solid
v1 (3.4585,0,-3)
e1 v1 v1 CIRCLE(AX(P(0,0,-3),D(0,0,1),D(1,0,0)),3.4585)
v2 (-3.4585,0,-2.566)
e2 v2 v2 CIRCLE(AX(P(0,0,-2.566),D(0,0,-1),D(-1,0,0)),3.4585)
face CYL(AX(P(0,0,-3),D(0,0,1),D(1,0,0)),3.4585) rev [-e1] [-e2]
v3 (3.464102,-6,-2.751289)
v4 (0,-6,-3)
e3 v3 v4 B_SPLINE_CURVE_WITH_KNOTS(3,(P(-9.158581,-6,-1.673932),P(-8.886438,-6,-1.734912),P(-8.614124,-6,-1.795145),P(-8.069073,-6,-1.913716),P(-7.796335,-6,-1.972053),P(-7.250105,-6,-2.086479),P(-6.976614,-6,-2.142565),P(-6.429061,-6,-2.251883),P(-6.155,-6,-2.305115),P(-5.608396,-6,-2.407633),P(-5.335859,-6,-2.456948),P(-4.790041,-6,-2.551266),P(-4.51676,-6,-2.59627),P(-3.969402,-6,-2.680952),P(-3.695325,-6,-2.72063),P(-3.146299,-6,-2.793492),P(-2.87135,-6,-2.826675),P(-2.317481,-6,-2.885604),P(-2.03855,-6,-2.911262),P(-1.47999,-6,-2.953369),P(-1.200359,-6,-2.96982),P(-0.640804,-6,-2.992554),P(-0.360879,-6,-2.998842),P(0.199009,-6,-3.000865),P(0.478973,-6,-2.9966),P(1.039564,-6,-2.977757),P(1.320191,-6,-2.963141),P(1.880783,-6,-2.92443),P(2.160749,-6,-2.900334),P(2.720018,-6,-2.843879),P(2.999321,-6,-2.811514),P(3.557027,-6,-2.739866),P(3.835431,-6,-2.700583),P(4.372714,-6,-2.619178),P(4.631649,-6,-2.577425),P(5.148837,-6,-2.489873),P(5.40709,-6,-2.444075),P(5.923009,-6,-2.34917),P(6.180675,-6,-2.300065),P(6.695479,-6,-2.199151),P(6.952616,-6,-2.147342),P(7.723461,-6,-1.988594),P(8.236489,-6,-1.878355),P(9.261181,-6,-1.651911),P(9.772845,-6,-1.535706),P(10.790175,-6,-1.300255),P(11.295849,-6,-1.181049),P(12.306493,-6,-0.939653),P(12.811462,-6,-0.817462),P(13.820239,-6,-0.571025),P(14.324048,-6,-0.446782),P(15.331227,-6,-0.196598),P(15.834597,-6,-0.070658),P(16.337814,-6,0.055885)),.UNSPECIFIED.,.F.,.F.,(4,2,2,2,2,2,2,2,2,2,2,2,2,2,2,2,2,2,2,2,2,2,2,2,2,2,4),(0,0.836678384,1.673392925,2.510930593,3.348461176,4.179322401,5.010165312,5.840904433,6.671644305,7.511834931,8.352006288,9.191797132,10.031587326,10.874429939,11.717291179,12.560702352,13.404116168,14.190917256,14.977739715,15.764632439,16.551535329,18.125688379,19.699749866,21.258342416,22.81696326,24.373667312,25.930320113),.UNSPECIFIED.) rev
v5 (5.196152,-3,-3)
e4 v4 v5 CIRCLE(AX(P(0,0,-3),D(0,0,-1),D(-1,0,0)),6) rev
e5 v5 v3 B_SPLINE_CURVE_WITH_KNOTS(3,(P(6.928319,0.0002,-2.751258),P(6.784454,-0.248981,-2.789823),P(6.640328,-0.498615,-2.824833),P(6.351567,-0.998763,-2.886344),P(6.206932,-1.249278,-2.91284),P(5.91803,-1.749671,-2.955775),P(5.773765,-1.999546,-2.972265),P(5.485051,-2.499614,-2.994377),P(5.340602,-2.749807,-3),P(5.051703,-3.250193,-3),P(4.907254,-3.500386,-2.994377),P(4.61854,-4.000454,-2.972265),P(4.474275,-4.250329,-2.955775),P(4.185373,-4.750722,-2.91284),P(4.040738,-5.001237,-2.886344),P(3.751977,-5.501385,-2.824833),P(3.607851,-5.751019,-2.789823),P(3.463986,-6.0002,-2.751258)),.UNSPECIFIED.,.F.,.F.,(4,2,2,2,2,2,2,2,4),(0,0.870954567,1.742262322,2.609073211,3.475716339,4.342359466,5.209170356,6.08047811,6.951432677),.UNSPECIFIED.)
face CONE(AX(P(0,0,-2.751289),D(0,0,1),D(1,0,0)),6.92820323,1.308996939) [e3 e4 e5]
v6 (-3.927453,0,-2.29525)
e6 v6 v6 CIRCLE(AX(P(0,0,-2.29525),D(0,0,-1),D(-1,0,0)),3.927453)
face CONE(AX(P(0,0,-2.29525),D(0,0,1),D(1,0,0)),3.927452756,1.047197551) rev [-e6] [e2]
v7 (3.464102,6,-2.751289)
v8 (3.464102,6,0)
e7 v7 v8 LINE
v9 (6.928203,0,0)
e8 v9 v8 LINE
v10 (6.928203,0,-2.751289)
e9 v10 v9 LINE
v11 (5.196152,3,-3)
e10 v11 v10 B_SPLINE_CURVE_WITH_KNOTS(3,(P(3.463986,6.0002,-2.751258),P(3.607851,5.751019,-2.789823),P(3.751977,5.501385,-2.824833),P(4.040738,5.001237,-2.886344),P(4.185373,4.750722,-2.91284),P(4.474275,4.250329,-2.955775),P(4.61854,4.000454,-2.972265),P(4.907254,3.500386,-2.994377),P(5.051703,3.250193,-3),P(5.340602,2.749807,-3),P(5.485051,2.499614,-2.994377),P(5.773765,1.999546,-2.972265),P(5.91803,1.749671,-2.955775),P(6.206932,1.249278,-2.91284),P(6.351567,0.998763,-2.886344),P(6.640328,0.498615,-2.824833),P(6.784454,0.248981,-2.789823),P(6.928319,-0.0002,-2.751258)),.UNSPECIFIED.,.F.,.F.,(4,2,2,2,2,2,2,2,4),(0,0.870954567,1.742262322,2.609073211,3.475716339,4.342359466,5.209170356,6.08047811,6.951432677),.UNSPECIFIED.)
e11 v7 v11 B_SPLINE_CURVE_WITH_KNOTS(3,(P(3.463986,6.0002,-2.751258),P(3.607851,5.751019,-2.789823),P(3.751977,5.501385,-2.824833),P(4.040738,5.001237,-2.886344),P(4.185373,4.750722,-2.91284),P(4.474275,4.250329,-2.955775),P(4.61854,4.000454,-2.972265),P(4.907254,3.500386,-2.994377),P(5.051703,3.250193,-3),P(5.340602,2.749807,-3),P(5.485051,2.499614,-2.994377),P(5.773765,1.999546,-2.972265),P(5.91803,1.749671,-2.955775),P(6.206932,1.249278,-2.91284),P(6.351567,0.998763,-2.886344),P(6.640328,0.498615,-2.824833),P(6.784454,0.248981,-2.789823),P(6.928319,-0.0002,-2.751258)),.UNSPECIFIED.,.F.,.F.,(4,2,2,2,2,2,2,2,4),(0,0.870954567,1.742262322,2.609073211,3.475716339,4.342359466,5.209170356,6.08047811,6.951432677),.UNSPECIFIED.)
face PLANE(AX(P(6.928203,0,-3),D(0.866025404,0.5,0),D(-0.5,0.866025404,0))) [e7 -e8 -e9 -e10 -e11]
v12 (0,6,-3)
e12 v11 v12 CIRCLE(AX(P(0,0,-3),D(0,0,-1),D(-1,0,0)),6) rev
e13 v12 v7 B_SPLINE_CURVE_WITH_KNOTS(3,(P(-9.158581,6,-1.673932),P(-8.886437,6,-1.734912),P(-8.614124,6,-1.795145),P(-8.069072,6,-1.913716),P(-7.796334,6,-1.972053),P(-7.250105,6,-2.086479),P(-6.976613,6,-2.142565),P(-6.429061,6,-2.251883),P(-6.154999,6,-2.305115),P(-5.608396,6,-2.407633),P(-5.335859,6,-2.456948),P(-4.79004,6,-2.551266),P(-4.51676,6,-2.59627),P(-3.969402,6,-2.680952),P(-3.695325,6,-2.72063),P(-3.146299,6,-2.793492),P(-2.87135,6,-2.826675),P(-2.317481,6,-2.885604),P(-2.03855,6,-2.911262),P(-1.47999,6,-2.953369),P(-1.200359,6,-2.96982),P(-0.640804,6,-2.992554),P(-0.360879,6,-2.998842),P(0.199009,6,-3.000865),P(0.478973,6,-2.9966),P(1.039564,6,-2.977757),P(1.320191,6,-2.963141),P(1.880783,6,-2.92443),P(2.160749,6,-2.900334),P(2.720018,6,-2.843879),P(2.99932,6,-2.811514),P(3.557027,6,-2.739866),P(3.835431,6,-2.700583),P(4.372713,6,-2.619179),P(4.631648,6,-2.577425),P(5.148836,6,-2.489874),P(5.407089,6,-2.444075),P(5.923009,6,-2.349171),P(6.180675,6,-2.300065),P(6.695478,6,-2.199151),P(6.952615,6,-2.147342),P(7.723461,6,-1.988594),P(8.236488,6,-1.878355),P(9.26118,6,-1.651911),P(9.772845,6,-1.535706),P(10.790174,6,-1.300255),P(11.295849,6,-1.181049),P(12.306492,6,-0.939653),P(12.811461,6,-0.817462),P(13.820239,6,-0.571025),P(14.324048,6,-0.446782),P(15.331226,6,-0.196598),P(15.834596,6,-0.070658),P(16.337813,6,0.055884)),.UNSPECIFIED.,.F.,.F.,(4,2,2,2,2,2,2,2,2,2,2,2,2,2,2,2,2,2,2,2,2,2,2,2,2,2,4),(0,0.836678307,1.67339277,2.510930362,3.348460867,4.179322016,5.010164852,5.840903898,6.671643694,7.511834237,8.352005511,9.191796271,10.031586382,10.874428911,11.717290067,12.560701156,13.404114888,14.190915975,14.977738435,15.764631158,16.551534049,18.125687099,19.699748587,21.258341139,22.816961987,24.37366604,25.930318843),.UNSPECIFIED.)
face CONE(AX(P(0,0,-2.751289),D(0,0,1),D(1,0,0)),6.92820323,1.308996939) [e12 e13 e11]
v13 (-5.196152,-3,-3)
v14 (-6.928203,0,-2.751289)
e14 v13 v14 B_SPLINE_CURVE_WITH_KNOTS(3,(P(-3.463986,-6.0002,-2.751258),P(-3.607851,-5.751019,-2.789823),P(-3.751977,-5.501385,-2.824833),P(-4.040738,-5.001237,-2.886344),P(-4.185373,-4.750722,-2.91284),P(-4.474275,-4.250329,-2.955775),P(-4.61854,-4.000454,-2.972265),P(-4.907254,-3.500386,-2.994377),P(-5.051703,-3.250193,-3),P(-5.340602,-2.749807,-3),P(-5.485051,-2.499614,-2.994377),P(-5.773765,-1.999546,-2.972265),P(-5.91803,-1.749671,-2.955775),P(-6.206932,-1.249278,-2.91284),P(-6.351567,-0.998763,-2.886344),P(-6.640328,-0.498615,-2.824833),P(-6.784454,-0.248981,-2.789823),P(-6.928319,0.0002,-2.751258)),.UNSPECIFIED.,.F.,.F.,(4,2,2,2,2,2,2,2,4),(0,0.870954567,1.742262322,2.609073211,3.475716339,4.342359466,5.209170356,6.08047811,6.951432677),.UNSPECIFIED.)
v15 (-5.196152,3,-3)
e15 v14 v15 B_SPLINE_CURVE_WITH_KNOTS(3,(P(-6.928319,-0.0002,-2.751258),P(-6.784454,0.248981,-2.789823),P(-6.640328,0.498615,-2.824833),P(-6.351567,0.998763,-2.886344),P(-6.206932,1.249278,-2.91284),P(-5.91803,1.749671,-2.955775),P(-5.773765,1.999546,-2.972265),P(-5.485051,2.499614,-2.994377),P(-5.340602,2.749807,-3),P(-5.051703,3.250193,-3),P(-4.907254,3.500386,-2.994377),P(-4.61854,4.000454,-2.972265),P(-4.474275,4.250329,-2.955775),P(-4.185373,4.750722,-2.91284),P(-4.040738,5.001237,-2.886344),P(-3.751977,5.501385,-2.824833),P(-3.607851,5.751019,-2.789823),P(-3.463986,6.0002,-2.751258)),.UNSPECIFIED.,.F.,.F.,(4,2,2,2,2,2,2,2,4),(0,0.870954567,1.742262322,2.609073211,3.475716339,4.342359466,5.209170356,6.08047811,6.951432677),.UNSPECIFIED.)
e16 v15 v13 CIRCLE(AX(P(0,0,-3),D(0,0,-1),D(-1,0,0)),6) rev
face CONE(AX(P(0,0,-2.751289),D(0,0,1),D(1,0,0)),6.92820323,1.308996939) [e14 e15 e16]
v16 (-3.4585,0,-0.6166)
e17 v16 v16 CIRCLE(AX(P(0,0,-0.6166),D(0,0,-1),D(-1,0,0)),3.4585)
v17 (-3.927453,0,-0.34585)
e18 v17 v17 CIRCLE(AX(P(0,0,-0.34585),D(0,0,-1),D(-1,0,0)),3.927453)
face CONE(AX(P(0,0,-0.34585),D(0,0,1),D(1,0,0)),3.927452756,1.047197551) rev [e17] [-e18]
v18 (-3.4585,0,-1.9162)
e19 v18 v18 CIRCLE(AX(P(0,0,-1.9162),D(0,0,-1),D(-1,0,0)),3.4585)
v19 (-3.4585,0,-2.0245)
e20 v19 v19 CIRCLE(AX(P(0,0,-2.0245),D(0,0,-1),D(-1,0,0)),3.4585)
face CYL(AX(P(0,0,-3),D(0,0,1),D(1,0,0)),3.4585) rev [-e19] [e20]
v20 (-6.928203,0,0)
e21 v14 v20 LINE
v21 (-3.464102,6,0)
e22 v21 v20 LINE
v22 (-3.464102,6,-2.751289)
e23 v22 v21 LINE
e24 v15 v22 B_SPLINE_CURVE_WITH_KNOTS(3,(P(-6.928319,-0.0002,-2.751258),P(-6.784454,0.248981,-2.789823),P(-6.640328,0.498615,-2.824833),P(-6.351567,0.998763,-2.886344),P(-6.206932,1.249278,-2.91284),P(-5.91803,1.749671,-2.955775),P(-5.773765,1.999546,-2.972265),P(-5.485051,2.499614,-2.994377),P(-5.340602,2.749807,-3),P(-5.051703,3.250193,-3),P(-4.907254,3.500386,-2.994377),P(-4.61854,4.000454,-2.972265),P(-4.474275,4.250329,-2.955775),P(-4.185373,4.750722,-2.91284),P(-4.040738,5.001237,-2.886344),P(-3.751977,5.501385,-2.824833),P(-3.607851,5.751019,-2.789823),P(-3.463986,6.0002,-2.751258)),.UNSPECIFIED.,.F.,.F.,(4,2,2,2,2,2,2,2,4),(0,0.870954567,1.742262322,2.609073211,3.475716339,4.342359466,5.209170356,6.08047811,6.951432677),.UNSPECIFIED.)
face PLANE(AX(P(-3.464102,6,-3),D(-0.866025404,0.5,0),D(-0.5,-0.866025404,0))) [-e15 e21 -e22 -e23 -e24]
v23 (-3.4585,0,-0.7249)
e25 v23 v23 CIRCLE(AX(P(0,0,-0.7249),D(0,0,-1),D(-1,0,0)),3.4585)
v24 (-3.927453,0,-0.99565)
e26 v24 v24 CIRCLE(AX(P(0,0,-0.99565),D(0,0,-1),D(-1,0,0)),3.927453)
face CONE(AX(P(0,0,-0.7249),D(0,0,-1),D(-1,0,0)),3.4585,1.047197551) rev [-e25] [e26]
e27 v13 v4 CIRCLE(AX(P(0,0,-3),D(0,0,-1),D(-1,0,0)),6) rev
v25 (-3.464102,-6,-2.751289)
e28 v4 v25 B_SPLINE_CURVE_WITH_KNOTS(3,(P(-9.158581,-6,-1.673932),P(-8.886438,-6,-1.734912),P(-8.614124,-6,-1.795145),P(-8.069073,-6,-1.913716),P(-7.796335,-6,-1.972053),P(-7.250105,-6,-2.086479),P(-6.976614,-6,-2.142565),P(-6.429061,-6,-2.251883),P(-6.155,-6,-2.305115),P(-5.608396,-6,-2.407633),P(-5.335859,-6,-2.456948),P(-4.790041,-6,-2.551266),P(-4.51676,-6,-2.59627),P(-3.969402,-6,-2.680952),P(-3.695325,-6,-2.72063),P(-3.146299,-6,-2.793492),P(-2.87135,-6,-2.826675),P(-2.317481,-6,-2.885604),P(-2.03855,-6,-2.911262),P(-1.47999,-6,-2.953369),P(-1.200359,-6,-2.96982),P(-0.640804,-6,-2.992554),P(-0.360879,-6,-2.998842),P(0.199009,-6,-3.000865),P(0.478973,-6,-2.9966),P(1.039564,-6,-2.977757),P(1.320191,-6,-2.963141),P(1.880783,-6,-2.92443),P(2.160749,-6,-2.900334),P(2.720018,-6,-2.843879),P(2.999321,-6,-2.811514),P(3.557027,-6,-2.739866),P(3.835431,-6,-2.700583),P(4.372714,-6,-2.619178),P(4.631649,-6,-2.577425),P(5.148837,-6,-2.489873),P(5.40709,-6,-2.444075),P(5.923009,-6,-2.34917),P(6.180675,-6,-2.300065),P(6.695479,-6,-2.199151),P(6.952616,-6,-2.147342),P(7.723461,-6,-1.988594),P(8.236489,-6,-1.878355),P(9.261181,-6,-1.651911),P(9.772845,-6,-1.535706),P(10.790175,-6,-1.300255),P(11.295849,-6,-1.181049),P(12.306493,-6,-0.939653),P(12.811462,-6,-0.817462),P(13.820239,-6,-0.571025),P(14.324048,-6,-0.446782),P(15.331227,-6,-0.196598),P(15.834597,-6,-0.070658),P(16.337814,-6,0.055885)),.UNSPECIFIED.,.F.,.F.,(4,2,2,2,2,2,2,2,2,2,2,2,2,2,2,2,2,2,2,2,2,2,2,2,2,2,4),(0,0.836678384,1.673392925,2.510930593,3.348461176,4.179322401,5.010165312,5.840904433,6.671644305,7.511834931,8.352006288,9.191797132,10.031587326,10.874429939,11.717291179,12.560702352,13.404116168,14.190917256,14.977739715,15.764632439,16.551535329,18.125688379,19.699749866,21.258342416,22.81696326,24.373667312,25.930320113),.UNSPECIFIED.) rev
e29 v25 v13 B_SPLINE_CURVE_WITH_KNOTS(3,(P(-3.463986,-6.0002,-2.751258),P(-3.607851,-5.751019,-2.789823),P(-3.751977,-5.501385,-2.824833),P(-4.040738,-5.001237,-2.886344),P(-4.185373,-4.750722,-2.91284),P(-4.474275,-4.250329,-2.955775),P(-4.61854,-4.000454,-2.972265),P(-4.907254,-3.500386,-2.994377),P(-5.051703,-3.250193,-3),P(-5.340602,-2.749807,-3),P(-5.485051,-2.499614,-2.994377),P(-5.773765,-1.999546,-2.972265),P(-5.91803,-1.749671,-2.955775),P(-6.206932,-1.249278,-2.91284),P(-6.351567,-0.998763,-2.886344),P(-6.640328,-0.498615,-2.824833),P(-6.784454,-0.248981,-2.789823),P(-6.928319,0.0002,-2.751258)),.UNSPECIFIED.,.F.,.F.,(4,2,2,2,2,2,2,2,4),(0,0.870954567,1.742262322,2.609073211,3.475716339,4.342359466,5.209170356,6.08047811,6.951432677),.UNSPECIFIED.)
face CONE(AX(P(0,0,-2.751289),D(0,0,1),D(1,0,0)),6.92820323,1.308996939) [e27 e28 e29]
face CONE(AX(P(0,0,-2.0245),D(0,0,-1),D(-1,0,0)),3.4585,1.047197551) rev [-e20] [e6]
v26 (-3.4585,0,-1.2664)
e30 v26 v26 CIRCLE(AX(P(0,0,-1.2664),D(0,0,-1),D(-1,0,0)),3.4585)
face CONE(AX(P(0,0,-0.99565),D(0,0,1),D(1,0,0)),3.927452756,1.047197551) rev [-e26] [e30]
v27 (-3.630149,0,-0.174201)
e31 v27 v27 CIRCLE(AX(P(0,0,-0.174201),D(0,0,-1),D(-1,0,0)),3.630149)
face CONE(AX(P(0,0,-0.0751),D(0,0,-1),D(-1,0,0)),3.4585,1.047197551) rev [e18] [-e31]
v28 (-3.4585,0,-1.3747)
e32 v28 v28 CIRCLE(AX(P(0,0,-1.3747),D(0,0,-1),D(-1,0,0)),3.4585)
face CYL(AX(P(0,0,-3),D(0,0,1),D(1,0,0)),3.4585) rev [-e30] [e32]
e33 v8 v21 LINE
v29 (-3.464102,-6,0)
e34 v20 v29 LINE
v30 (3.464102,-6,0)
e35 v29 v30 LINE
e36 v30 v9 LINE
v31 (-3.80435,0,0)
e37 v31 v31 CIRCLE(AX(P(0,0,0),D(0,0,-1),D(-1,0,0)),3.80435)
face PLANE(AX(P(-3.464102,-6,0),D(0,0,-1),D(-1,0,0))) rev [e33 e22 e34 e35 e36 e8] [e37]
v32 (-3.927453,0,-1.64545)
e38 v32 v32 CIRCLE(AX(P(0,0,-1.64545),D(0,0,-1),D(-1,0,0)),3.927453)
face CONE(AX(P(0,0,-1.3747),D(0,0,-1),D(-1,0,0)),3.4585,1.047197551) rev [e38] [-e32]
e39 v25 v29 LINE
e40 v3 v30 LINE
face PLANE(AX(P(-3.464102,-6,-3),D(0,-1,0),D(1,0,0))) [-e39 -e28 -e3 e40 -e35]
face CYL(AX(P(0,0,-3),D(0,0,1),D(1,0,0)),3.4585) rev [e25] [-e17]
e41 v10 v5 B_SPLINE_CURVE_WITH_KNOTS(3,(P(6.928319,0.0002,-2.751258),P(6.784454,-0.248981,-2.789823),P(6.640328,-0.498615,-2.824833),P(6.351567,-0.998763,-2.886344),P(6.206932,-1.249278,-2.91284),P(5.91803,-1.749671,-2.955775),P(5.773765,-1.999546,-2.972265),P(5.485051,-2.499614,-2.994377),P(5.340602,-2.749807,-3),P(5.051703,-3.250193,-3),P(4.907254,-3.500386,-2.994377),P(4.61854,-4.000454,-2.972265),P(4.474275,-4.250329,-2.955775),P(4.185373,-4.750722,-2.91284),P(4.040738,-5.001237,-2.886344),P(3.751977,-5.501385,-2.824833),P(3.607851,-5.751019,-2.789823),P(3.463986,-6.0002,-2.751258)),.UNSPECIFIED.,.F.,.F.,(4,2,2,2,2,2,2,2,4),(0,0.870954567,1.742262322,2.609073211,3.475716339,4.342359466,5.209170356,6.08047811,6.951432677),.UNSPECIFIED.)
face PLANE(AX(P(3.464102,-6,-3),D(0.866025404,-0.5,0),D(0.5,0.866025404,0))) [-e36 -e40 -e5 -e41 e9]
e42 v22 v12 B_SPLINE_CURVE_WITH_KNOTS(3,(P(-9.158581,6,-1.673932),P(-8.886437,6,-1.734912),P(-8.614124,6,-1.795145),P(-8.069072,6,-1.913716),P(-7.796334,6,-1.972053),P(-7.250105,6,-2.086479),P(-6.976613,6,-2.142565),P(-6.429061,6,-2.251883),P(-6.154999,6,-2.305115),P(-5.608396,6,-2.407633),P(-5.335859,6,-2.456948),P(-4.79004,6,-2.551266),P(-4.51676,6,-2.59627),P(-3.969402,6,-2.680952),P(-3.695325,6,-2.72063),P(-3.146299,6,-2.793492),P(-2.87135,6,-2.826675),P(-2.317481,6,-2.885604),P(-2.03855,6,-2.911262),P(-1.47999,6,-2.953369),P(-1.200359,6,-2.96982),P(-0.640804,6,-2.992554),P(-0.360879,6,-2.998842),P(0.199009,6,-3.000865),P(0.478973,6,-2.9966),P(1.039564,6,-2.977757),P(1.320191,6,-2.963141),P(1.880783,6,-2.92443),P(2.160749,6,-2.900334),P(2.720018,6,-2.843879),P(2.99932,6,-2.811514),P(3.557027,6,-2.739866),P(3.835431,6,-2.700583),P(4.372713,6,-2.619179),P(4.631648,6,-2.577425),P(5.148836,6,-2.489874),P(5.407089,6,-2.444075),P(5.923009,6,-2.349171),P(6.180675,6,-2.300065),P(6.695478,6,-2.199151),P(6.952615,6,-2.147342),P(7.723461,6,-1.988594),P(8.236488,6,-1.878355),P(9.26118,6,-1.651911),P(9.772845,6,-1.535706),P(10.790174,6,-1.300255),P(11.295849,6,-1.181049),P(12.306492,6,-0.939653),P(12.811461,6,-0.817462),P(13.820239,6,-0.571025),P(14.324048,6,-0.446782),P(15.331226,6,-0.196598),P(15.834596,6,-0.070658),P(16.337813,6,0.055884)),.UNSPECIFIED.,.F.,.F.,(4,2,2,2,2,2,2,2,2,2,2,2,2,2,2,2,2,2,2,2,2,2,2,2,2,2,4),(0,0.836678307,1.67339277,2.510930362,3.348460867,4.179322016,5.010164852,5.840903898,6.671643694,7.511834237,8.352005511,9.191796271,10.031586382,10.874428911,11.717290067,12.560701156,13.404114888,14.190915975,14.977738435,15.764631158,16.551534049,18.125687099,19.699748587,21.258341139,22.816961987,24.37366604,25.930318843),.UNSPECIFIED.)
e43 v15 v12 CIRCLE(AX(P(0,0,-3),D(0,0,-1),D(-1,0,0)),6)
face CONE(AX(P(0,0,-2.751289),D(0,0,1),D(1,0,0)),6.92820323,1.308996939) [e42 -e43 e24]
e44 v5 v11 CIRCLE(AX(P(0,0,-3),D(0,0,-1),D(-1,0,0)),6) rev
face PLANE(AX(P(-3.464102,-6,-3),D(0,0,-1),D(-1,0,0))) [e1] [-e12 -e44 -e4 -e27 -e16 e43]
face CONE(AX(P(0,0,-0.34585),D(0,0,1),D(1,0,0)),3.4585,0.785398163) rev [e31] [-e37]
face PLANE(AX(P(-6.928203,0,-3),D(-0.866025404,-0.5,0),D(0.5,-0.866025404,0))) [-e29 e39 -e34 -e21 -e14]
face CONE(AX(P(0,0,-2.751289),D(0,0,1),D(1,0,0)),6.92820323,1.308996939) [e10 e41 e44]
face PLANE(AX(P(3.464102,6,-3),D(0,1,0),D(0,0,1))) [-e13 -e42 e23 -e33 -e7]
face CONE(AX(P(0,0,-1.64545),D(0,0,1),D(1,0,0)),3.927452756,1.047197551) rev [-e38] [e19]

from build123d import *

# Parameters (mm, degrees)
SKETCH1_R        = 3.4585
BASENUT_DEPTH    = 3
CHAMFER1_SIZE    = 0.34585
LPATTERN10_COUNT = 4
LPATTERN10_PITCH = 0.6498


with BuildPart() as part:
    # Sketch1 → BaseNut (new body)
    with BuildSketch(Plane.XY):
        Polygon((3.464101615, -6), (6.92820323, 0), (3.464101615, 6), (-3.464101615, 6), (-6.92820323, 0), (-3.464101615, -6), align=None)
        Circle(SKETCH1_R, mode=Mode.SUBTRACT)
    extrude(amount=-BASENUT_DEPTH)

    # Sketch2 → Double-Chamfer (revolve, cut)
    with BuildSketch(Plane(origin=(0, 0, 0), x_dir=(1, 0, 0), z_dir=(0, 1, 0))):
        Polygon((-6.92820323, 3), (-6, 3), (-6.92820323, 2.751288694), align=None)
    revolve(axis=Axis((0, 0, -3.375940562), (0, 0, 1)), mode=Mode.SUBTRACT)

    # Chamfer1
    chamfer1_edges = [part.edges().sort_by_distance(p)[0] for p in [
        (-3.4585, 0, 0),
    ]]
    chamfer(chamfer1_edges, length=CHAMFER1_SIZE)

    # Sketch3 → Cut-Revolve10 (revolve, cut)
    with BuildSketch(Plane(origin=(0, 0, 0), x_dir=(1, 0, 0), z_dir=(0, 1, 0))):
        Polygon((2.917, 0.6166), (3.4585, 0.6166), (3.927452756, 0.34585), (3.4585, 0.0751), (2.917, 0.0751), align=None)
    cut_revolve10 = revolve(axis=Axis((0, 0, -2.739364781), (0, 0, 1)), mode=Mode.SUBTRACT)

    # LPattern10: Cut-Revolve10 ×4
    with Locations(*[(0, 0, -i * LPATTERN10_PITCH) for i in range(1, LPATTERN10_COUNT)]):
        add(cut_revolve10, mode=Mode.SUBTRACT)


solid = part.part
